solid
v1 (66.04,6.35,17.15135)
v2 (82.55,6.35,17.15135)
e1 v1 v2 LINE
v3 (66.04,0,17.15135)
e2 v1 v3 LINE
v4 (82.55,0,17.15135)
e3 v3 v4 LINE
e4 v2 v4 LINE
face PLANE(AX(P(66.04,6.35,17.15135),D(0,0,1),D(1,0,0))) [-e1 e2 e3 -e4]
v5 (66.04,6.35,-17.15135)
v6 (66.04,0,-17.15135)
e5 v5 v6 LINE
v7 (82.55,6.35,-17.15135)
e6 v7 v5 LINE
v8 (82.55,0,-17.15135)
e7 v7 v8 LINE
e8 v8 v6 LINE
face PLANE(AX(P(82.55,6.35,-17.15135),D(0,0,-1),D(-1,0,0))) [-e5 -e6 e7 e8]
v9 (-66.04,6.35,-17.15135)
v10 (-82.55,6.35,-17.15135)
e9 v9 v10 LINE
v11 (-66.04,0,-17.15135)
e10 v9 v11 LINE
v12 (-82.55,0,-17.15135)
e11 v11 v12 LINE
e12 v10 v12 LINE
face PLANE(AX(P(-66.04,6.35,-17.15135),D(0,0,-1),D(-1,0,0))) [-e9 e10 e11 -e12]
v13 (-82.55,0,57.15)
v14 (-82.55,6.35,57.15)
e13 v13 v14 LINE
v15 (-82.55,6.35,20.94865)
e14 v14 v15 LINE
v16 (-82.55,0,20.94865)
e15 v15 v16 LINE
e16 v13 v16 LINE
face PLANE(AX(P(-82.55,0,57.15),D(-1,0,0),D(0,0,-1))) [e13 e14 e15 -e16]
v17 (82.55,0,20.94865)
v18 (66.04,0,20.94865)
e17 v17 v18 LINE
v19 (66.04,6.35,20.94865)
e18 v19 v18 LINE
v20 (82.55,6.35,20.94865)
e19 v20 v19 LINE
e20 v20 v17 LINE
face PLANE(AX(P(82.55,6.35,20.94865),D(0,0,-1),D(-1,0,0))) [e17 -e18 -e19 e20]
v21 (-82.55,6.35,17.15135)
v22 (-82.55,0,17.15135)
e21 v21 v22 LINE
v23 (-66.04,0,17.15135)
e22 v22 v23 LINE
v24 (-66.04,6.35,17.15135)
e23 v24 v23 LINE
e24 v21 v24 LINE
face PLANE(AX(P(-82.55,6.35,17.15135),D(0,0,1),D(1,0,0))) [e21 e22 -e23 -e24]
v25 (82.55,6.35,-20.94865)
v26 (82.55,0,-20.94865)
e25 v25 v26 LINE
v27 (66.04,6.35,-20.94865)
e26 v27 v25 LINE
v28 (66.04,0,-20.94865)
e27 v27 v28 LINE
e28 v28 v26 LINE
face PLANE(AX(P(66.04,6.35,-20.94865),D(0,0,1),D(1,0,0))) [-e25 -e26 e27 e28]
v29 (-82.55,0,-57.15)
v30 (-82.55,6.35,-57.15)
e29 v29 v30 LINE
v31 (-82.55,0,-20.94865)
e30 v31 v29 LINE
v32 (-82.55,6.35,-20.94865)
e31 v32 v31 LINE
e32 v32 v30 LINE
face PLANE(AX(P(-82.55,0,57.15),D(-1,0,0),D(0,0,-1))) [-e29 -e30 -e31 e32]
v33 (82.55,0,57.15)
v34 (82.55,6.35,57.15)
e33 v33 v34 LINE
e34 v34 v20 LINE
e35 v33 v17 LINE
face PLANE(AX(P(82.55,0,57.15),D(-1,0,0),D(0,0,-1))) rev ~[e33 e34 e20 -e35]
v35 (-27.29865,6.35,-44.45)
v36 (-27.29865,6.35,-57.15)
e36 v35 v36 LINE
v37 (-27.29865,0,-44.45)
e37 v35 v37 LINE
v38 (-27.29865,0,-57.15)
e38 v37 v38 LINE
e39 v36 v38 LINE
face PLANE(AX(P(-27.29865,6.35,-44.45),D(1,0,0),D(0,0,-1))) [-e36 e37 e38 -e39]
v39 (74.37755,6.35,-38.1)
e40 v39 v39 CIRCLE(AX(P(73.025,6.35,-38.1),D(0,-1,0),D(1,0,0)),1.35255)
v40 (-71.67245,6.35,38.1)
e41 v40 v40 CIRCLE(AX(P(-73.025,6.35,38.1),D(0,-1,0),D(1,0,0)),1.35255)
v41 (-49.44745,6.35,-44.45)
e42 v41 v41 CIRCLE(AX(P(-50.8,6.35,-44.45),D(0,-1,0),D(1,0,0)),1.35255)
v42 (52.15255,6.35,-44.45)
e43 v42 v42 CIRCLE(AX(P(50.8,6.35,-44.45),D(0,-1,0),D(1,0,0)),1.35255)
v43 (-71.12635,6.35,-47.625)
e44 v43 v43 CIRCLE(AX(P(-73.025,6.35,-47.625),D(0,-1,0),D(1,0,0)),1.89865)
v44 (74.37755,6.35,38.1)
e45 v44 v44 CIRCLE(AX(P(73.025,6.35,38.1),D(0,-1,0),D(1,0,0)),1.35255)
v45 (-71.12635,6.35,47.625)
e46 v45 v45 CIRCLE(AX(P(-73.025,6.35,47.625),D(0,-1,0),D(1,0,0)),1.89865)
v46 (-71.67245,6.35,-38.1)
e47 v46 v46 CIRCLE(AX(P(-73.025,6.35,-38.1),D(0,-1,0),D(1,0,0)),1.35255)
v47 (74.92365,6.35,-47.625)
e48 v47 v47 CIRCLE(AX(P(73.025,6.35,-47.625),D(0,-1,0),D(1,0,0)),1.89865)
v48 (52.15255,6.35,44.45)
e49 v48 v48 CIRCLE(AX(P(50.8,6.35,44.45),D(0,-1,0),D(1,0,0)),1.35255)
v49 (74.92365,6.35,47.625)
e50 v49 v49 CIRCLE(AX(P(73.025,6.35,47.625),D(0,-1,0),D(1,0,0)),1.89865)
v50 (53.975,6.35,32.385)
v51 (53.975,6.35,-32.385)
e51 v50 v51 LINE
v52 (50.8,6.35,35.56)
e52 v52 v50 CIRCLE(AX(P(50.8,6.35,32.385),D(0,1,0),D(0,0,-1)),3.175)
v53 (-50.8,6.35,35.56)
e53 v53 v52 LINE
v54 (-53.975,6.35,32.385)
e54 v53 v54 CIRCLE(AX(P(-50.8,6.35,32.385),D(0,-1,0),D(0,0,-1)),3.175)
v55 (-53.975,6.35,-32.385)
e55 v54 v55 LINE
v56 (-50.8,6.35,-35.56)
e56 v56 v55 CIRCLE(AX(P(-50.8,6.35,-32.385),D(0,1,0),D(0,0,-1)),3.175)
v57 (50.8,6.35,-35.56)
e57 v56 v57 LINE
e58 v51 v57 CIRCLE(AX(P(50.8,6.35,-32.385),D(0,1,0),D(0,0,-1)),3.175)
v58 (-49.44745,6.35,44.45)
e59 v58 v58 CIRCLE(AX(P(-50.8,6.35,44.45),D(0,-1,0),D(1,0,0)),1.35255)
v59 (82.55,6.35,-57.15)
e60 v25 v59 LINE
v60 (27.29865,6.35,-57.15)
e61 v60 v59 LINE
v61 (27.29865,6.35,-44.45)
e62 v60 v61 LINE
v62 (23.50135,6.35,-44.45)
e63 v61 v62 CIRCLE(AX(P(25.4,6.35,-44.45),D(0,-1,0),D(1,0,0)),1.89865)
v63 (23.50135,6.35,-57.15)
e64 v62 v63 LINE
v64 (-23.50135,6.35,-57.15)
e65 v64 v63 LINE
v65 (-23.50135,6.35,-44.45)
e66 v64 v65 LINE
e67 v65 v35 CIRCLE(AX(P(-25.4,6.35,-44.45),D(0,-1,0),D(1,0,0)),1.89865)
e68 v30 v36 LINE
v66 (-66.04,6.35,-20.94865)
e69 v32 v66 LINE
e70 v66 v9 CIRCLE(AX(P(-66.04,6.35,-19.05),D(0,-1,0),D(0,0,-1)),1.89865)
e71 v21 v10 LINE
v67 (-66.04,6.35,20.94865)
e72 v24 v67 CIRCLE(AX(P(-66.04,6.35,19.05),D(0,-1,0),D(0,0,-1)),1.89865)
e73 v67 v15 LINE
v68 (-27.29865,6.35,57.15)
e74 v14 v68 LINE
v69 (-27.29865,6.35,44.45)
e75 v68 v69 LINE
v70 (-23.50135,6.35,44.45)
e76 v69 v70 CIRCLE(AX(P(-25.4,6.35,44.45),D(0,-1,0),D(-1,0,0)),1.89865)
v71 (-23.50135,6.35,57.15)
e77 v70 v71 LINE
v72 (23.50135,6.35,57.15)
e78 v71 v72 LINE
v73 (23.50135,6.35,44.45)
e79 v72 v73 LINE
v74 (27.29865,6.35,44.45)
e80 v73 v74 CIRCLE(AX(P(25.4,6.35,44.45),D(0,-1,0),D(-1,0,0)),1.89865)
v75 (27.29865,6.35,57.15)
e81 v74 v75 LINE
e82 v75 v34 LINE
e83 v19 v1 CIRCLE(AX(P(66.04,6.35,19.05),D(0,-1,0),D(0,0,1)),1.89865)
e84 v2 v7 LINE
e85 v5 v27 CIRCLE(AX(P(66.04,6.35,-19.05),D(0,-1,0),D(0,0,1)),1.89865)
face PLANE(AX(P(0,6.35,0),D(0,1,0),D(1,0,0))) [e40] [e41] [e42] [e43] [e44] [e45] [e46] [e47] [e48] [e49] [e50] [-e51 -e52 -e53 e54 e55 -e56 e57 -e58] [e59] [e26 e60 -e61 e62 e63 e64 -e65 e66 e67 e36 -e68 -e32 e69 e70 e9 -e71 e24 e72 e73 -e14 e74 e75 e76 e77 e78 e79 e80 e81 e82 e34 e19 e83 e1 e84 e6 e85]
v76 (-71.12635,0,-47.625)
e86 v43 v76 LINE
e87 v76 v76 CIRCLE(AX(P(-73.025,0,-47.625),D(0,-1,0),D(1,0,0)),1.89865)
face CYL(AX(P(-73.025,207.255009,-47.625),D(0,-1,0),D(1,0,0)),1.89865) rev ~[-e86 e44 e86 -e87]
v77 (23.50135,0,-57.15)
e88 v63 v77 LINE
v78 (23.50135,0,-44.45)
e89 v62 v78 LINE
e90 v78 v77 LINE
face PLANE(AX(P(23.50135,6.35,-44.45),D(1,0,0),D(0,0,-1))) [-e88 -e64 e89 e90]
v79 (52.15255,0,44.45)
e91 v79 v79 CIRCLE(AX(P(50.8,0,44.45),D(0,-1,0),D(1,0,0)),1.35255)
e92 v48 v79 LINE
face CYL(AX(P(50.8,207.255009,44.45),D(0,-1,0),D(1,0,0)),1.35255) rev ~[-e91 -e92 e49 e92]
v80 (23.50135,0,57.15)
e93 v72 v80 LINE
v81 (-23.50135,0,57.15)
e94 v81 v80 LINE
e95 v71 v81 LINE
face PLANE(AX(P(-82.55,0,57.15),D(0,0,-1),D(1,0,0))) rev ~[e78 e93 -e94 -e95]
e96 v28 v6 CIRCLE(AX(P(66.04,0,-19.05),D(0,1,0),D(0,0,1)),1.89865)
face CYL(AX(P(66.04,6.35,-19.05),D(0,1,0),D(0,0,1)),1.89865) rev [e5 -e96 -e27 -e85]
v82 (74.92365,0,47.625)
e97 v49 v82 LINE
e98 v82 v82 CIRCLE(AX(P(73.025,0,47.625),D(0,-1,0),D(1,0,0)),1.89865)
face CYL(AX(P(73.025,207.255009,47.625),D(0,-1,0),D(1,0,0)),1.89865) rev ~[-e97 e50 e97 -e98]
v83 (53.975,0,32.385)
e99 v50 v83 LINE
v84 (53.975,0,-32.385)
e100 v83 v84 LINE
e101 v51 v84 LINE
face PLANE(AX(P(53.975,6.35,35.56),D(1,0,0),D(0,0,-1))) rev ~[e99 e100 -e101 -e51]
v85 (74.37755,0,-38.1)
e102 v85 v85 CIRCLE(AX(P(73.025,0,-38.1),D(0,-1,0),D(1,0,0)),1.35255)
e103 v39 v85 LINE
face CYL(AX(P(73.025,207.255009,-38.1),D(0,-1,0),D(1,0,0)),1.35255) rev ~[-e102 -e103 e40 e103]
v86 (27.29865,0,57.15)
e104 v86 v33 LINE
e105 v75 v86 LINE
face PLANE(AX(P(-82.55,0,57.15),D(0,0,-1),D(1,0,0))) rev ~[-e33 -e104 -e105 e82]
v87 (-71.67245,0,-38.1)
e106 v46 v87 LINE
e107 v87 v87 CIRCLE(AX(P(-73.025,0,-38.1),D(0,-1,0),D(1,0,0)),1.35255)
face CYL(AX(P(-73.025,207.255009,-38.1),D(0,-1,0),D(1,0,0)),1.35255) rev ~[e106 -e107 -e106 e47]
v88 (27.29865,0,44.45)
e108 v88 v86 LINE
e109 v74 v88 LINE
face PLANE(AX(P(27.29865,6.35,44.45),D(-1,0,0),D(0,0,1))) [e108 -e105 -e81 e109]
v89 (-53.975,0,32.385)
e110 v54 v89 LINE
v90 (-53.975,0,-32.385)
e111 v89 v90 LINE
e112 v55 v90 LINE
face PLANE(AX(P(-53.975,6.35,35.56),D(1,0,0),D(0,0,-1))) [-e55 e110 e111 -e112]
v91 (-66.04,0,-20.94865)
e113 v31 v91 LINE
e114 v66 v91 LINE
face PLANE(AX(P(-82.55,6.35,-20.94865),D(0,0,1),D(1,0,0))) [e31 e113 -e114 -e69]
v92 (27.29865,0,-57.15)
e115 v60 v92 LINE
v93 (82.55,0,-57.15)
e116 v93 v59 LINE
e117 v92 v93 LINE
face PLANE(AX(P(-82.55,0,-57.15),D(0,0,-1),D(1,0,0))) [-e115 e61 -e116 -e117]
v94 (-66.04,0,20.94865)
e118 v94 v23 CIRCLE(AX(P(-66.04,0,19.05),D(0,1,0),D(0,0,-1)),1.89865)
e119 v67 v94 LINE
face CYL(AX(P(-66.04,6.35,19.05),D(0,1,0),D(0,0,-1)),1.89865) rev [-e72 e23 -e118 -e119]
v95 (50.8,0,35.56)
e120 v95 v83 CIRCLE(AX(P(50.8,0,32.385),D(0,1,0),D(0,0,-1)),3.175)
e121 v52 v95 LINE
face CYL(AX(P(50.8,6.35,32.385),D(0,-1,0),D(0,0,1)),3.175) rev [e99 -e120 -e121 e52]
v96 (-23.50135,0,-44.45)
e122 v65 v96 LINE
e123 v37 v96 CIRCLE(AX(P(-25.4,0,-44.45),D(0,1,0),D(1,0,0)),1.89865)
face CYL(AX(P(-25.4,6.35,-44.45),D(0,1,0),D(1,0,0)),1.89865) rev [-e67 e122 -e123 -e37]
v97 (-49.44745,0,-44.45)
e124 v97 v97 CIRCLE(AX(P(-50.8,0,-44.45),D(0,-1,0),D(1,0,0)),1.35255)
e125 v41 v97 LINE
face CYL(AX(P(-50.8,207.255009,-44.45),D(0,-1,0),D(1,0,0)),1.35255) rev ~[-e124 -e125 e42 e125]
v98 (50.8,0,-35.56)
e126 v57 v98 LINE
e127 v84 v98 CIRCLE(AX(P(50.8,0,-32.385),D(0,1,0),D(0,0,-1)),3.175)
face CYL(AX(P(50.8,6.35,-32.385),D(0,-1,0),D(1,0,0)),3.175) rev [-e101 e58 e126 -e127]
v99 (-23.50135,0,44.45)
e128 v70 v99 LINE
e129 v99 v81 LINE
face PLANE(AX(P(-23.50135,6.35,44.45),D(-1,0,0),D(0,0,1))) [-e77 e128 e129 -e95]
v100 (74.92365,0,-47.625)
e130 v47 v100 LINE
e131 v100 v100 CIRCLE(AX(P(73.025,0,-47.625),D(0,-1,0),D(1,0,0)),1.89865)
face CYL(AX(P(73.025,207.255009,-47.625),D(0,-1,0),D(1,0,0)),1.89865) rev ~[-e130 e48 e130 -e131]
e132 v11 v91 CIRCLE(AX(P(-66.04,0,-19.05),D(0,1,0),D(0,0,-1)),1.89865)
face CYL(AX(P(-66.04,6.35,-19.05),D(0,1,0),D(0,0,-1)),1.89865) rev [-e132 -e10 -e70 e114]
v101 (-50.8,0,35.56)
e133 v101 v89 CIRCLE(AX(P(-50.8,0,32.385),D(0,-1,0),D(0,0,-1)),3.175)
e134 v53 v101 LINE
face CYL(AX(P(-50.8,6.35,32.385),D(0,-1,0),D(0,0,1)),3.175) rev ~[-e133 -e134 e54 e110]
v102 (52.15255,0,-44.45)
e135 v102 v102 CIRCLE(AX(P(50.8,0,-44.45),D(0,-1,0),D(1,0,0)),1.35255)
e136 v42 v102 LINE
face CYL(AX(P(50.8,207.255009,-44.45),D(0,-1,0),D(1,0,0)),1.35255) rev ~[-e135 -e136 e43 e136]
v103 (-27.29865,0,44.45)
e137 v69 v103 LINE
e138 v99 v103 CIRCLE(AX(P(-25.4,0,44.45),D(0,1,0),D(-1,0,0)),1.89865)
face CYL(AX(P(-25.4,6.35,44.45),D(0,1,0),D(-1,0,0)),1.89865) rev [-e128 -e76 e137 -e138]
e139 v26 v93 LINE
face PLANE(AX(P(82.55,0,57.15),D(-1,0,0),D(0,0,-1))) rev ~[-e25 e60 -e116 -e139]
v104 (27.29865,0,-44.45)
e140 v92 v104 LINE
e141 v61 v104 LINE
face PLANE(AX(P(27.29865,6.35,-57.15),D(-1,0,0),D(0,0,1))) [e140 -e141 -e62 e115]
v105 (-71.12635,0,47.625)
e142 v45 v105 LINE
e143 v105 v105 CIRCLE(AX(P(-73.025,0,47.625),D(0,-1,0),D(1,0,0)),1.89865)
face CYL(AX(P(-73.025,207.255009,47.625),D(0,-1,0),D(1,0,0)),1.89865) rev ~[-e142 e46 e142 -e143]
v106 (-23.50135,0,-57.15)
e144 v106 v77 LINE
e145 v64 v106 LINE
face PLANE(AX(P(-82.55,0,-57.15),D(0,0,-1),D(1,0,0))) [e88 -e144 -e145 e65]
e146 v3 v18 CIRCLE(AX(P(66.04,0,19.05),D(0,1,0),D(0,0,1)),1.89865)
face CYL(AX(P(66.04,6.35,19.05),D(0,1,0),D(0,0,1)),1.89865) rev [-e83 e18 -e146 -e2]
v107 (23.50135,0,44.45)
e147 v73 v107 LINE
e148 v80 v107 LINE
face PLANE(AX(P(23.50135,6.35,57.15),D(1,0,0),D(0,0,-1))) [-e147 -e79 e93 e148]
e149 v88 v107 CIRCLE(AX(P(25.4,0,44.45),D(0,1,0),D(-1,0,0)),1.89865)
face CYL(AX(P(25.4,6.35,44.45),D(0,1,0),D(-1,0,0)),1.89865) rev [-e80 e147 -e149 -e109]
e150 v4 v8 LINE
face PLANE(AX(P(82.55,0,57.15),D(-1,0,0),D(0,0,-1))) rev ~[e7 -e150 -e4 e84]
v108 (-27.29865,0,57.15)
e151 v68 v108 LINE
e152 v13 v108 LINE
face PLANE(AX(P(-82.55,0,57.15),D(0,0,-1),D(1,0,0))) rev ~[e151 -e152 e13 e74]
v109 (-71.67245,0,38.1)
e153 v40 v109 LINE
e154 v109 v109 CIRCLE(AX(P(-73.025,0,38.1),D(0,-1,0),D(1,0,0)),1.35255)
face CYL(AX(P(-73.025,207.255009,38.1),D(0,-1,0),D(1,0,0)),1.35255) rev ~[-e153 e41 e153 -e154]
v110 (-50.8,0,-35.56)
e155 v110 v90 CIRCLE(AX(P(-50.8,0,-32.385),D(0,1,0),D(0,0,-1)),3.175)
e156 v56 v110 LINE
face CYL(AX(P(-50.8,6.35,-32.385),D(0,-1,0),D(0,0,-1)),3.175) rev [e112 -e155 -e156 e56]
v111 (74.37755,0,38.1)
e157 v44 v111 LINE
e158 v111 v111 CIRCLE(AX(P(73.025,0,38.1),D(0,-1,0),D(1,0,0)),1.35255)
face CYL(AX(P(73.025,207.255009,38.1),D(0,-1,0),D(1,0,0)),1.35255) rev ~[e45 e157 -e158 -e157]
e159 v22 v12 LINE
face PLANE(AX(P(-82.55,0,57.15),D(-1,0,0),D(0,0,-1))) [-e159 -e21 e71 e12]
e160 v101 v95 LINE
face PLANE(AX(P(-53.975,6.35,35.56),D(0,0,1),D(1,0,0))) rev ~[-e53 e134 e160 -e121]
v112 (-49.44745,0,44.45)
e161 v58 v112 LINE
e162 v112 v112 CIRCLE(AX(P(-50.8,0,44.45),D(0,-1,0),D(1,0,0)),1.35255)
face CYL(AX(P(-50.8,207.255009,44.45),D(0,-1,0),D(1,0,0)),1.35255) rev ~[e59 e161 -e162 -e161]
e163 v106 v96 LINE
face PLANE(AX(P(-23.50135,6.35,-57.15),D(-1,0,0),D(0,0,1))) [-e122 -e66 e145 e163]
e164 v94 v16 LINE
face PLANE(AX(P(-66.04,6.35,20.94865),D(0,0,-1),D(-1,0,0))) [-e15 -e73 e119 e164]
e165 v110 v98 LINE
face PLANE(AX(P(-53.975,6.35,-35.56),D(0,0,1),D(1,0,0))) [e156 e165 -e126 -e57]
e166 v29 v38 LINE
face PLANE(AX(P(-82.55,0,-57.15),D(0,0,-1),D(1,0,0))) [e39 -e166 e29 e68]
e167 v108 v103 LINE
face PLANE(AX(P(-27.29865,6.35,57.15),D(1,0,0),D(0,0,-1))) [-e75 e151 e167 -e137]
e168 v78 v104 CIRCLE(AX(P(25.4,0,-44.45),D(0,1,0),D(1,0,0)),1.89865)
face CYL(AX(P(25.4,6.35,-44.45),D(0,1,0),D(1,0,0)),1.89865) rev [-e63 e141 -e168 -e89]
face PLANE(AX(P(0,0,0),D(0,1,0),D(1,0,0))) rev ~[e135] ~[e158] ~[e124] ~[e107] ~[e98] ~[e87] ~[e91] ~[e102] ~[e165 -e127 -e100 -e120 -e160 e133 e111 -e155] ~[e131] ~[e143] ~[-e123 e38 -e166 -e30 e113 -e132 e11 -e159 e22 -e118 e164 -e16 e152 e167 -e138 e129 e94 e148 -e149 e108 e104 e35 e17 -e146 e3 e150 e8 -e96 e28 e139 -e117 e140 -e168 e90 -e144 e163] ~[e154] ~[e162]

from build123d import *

# Parameters (mm, degrees)
SKETCH1_W              = 165.1
SKETCH1_H              = 114.3
BOSS_EXTRUDE1_DEPTH    = 6.35
F_10_24_TAPPED_HOLE2_D = 3.7973
F_6_32_TAPPED_HOLE2_D  = 2.7051
CUT_EXTRUDE10_DEPTH    = 101.602919938
F_6_32_TAPPED_HOLE1_D  = 2.7051
SKETCH24_W             = 107.95
SKETCH24_H             = 71.12
CUT_EXTRUDE11_DEPTH    = 101.602919938
FILLET1_R              = 3.175


with BuildPart() as part:
    # Sketch1 → Boss-Extrude1 (new body)
    with BuildSketch(Plane(origin=(0, 0, 0), x_dir=(1, 0, 0), z_dir=(0, 1, 0))):
        Rectangle(SKETCH1_W, SKETCH1_H)
    extrude(amount=BOSS_EXTRUDE1_DEPTH)

    # #10-24 Tapped Hole2 (through all)
    with Locations(Plane(origin=(0, 6.35, 0), x_dir=(-1, 0, 0), z_dir=(0, 1, 0))):
        with Locations((73.025, -47.625), (73.025, 47.625), (-73.025, -47.625), (-73.025, 47.625)):
            Hole(F_10_24_TAPPED_HOLE2_D / 2)

    # #6-32 Tapped Hole2 (through all)
    with Locations(Plane(origin=(0, 6.35, 0), x_dir=(-1, 0, 0), z_dir=(0, 1, 0))):
        with Locations((50.8, -44.45), (-50.8, -44.45), (-50.8, 44.45), (50.8, 44.45)):
            Hole(F_6_32_TAPPED_HOLE2_D / 2)

    # Sketch21 → Cut-Extrude10 (cut, through all)
    with BuildSketch(Plane(origin=(0, 6.35, 0), x_dir=(1, 0, 0), z_dir=(0, 1, 0))):
        with BuildLine():
            Line((-82.55, 20.94865), (-66.04, 20.94865))
            ThreePointArc((-66.04, 20.94865), (-64.14135, 19.05), (-66.04, 17.15135))
            Line((-66.04, 17.15135), (-82.55, 17.15135))
            ThreePointArc((-82.55, 17.15135), (-84.44865, 19.05), (-82.55, 20.94865))
        make_face()
        with BuildLine():
            Line((-82.55, -17.15135), (-66.04, -17.15135))
            ThreePointArc((-66.04, -17.15135), (-64.14135, -19.05), (-66.04, -20.94865))
            Line((-66.04, -20.94865), (-82.55, -20.94865))
            ThreePointArc((-82.55, -20.94865), (-84.44865, -19.05), (-82.55, -17.15135))
        make_face()
        with BuildLine():
            Line((-23.50135, 57.15), (-23.50135, 44.45))
            ThreePointArc((-23.50135, 44.45), (-25.4, 42.55135), (-27.29865, 44.45))
            Line((-27.29865, 44.45), (-27.29865, 57.15))
            ThreePointArc((-27.29865, 57.15), (-25.4, 59.04865), (-23.50135, 57.15))
        make_face()
        with BuildLine():
            Line((27.29865, 57.15), (27.29865, 44.45))
            ThreePointArc((27.29865, 44.45), (25.4, 42.55135), (23.50135, 44.45))
            Line((23.50135, 44.45), (23.50135, 57.15))
            ThreePointArc((23.50135, 57.15), (25.4, 59.04865), (27.29865, 57.15))
        make_face()
        with BuildLine():
            Line((66.04, 20.94865), (82.55, 20.94865))
            ThreePointArc((82.55, 20.94865), (84.44865, 19.05), (82.55, 17.15135))
            Line((82.55, 17.15135), (66.04, 17.15135))
            ThreePointArc((66.04, 17.15135), (64.14135, 19.05), (66.04, 20.94865))
        make_face()
        with BuildLine():
            Line((66.04, -17.15135), (82.55, -17.15135))
            ThreePointArc((82.55, -17.15135), (84.44865, -19.05), (82.55, -20.94865))
            Line((82.55, -20.94865), (66.04, -20.94865))
            ThreePointArc((66.04, -20.94865), (64.14135, -19.05), (66.04, -17.15135))
        make_face()
        with BuildLine():
            Line((-27.29865, -57.15), (-27.29865, -44.45))
            ThreePointArc((-27.29865, -44.45), (-25.4, -42.55135), (-23.50135, -44.45))
            Line((-23.50135, -44.45), (-23.50135, -57.15))
            ThreePointArc((-23.50135, -57.15), (-25.4, -59.04865), (-27.29865, -57.15))
        make_face()
        with BuildLine():
            Line((23.50135, -57.15), (23.50135, -44.45))
            ThreePointArc((23.50135, -44.45), (25.4, -42.55135), (27.29865, -44.45))
            Line((27.29865, -44.45), (27.29865, -57.15))
            ThreePointArc((27.29865, -57.15), (25.4, -59.04865), (23.50135, -57.15))
        make_face()
    extrude(amount=-CUT_EXTRUDE10_DEPTH, mode=Mode.SUBTRACT)

    # #6-32 Tapped Hole1 (through all)
    with Locations(Plane(origin=(0, 6.35, 0), x_dir=(-1, 0, 0), z_dir=(0, 1, 0))):
        with Locations((73.025, -38.1), (73.025, 38.1), (-73.025, -38.1), (-73.025, 38.1)):
            Hole(F_6_32_TAPPED_HOLE1_D / 2)

    # Sketch24 → Cut-Extrude11 (cut, through all)
    with BuildSketch(Plane(origin=(0, 6.35, 0), x_dir=(1, 0, 0), z_dir=(0, 1, 0))):
        Rectangle(SKETCH24_W, SKETCH24_H)
    extrude(amount=-CUT_EXTRUDE11_DEPTH, mode=Mode.SUBTRACT)

    # Fillet1
    fillet1_edges = [part.edges().sort_by_distance(p)[0] for p in [
        (-53.975, 3.175, 35.56),
        (-53.975, 3.175, -35.56),
        (53.975, 3.175, -35.56),
        (53.975, 3.175, 35.56),
    ]]
    fillet(fillet1_edges, radius=FILLET1_R)


solid = part.part
